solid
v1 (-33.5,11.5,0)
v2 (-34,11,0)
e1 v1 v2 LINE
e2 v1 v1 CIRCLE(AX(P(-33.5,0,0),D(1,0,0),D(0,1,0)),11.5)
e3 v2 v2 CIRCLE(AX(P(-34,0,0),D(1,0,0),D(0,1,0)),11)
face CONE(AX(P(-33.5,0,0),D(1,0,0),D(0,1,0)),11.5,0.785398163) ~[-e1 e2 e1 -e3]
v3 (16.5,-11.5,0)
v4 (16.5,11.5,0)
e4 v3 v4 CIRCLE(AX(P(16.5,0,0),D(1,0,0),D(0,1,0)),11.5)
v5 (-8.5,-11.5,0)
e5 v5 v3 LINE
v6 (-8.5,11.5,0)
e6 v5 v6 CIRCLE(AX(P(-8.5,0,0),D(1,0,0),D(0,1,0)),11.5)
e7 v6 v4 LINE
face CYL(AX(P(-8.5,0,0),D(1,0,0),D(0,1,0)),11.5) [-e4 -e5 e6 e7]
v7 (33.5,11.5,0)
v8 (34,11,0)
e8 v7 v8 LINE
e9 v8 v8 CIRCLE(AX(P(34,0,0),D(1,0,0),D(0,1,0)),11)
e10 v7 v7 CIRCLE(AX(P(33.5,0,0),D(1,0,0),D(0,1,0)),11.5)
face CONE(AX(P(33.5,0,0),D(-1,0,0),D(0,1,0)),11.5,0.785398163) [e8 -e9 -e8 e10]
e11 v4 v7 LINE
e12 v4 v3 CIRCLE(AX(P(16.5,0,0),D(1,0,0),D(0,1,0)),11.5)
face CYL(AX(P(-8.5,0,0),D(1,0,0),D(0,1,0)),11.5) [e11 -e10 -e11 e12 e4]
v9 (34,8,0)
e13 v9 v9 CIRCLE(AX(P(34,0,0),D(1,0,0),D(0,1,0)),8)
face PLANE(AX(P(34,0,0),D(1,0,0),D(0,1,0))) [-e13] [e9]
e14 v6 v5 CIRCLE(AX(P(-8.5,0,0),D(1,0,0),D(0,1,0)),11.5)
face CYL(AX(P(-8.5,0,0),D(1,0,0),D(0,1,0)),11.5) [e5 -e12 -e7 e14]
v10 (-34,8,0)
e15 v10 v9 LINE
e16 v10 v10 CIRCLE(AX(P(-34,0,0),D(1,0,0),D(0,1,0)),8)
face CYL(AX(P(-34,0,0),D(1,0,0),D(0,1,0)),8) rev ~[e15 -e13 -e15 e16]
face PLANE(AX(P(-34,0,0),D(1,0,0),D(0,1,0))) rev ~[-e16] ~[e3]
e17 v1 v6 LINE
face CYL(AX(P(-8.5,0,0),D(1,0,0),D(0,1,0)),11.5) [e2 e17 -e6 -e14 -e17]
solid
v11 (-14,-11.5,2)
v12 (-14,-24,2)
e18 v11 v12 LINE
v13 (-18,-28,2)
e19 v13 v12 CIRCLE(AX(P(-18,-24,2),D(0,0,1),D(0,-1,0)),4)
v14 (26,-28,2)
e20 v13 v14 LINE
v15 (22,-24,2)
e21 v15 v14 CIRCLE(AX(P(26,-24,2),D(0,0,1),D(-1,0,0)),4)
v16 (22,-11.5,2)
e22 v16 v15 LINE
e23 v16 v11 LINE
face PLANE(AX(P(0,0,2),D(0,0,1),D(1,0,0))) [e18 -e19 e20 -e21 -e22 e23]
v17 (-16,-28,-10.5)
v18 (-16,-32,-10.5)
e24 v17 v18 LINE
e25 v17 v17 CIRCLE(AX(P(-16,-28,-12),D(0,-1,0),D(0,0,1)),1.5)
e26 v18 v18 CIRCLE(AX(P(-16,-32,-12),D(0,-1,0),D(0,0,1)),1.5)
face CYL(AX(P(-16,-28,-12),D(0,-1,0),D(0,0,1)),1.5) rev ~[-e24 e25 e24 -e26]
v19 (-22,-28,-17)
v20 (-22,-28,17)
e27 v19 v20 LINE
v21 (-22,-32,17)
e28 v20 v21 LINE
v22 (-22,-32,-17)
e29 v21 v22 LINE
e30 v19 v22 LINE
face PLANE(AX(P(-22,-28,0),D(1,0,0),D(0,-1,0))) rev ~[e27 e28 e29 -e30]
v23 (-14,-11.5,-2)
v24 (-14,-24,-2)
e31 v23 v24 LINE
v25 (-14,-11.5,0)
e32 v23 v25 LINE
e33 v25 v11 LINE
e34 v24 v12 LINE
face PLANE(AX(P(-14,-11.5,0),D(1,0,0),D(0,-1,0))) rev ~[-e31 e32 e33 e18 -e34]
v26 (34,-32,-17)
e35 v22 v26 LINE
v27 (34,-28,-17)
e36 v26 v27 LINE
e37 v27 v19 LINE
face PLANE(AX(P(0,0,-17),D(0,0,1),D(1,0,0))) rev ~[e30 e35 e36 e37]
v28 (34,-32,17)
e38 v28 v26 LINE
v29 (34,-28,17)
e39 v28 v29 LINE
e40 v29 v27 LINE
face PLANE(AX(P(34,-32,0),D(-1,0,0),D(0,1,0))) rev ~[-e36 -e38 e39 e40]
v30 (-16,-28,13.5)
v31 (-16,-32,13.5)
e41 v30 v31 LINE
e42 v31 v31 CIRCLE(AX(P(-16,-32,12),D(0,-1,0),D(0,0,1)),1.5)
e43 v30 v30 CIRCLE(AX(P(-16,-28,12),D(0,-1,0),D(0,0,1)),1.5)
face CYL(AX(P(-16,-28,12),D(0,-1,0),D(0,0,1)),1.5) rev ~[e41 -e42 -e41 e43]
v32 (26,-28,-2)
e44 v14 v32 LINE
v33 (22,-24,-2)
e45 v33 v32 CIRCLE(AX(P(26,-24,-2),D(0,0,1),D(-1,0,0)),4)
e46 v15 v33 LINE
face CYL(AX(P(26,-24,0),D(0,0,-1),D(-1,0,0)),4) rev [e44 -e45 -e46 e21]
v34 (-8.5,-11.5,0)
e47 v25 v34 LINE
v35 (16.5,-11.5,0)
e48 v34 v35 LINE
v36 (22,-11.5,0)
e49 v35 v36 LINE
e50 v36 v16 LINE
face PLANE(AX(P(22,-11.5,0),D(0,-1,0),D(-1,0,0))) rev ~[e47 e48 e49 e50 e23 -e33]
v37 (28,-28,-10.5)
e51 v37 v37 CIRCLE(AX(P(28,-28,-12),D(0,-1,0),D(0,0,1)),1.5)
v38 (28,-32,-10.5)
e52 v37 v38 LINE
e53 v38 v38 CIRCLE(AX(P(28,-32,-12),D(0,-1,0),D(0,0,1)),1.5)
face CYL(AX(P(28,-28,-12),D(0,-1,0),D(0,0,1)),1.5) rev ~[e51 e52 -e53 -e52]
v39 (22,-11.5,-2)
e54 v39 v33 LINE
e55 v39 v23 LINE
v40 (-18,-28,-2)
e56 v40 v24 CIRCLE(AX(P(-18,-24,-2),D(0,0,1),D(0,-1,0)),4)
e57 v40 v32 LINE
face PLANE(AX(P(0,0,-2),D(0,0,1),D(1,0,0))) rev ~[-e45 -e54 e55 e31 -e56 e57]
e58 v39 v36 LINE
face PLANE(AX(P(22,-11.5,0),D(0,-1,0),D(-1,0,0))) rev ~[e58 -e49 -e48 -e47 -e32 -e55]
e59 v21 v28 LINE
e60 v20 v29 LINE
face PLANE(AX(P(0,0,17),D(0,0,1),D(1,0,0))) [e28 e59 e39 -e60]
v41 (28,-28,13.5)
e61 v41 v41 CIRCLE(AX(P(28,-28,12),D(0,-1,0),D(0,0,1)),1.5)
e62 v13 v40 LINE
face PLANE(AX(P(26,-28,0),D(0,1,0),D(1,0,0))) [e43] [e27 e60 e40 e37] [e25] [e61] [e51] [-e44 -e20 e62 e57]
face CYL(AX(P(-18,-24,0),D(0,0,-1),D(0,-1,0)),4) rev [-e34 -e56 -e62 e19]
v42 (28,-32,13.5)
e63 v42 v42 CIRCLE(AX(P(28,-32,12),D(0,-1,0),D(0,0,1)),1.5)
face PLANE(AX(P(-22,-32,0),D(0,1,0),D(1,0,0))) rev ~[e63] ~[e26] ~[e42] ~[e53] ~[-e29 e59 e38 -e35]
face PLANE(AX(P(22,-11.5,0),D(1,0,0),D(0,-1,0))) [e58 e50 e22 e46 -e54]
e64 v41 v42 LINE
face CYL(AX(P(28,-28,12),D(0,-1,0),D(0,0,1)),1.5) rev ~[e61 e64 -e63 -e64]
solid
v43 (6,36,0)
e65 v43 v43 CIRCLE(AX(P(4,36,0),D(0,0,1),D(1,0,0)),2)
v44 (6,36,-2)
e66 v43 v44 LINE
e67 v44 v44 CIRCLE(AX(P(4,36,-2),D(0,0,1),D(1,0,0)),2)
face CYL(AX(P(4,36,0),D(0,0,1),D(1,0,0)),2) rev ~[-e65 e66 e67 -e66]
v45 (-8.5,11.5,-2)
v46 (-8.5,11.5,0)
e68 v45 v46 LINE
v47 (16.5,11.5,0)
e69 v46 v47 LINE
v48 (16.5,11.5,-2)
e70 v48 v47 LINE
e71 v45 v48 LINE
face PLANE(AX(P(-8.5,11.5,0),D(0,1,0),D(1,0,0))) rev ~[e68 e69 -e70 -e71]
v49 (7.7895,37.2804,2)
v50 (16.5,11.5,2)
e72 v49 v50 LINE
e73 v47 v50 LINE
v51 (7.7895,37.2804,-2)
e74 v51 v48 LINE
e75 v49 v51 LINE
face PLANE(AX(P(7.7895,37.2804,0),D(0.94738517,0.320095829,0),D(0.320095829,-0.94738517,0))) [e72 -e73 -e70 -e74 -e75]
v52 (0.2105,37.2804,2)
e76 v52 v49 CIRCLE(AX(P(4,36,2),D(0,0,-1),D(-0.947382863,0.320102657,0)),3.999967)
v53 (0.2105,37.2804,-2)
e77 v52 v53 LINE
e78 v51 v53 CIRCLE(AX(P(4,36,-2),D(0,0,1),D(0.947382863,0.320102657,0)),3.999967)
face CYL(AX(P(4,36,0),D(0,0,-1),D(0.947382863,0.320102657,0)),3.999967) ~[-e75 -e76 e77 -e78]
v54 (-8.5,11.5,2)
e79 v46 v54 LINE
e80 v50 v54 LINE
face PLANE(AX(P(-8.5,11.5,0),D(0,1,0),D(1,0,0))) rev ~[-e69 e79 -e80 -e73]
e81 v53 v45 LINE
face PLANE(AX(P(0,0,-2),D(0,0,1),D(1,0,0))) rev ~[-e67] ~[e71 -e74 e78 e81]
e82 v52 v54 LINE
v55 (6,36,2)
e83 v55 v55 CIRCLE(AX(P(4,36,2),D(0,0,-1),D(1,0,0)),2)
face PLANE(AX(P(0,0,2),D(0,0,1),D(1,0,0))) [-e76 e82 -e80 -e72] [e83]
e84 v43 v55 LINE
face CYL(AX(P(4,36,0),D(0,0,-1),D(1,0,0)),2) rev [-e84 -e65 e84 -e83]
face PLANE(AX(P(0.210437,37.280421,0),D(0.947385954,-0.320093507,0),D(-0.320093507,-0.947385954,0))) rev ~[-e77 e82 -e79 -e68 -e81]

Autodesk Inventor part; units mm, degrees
ref_plane "YZ Plane" through (0, 0, 0) normal (1, 0, 0) x (0, 1, 0)
ref_plane "XZ Plane" through (0, 0, 0) normal (0, 1, 0) x (-1, 0, 0)
ref_plane "XY Plane" through (0, 0, 0) normal (0, 0, 1) x (1, 0, 0)
sketch "Boceto1" plane through (0, 0, 0) normal (0, 0, 1) x (1, 0, 0)
  line L0 (0, 31.2124) -> (0, -31.2124) construction
  line L1 (-43.2332, 0) -> (43.2332, 0)
  line L2 (-34, 11.5) -> (34, 11.5)
  line L3 (34, -11.5) -> (-34, -11.5)
  line L4 (-34, 8) -> (34, 8)
  arc A0 (7.7895, 37.2804) -> (0.2105, 37.2804) centre (4, 36) ccw
  circle A1 centre (4, 36) radius 2
  line L5 (0.4937, 38.1188) -> (-8.5, 11.5)
  line L6 (7.7895, 37.2804) -> (16.5, 11.5)
  line L7 (-14, -11.5) -> (-14, -24)
  line L8 (22, -11.5) -> (22, -24)
  line L9 (-14, -28) -> (22, -28)
  line L10 (-22, -28) -> (34, -28)
  line L11 (-22, -28) -> (-22, -32)
  line L12 (-22, -32) -> (34, -32)
  line L13 (34, -32) -> (34, -28)
  arc A2 (-18, -28) -> (-14, -24) centre (-18, -24) ccw
  arc A3 (22, -24) -> (26, -28) centre (26, -24) ccw
  line L14 (4, 46.9888) -> (4, 11.5)
  line L15 (-34, 11.5) -> (-34, 8)
  line L16 (34, 11.5) -> (34, 8)
  point P0 (0, 0)
  point P1 (0, 0)
  point P2 (0, 11.5)
  point P3 (22, -28)
  dimension "d0" = 23
  dimension "d1" = 68
  dimension "d2" = 23
  dimension "d3" = 16
  dimension "d4" = 30
  dimension "d5" = 8
  dimension "d6" = 4
  dimension "d10" = 24.5
  dimension "d11" = 12
  dimension "d12" = 20
  dimension "d13" = 16.5
  dimension "d14" = 16.5
  dimension "d15" = 56
  dimension "d16" = 0
  dimension "d17" = 4
  dimension "d20" = 4
  dimension "d24" = 56
  dimension "d27" = 9.322
  dimension "d28" = 12.5
  dimension "d29" = 12.5
  dimension "d30" = 30
  dimension "d31" = 9.2332
  dimension "d32" = 0
  dimension "d33" = 0.4825
  dimension "d34" = 33.5063
  dimension "d35" = 68
extrude "Extrusión1" add sketch "Boceto1" along normal blind 2 and the other way blind 2 contours L5 A0 L14 A1 L2 | L14 A1 A0 L6 L2
extrude "Extrusión2" add sketch "Boceto1" along normal blind 2 and the other way blind 2 contours L8 A3 L10 L9 A2 L7 L3
extrude "Extrusión3" add sketch "Boceto1" along normal blind 17 and the other way blind 17 contours L10 L13 L12 L11 L9
sketch "Boceto2" plane through (0, 0, 0) normal (0, 0, 1) x (1, 0, 0)
  line L0 (-8.5, 11.5) -> (16.5, 11.5) projected
  line L1 (16.5, 11.5) -> (-8.5, 11.5) projected
  line L2 (-8.5, 11.5) -> (16.5, 11.5) projected
  line L3 (16.5, 11.5) -> (-8.5, 11.5) projected
  line L4 (34, 11.5) -> (34, 8) projected
  line L5 (-34, 11.5) -> (34, 11.5) projected
  line L6 (-34, 8) -> (34, 8) projected
  line L7 (-34, 11.5) -> (-34, 8) projected
  line L8 (0, 31.2124) -> (0, -31.2124) construction
  line L9 (-43.2332, 0) -> (43.2332, 0) projected
  line L10 (-34, 11.5) -> (34, 11.5)
  line L11 (34, 11.5) -> (34, 8)
  line L12 (34, 8) -> (-34, 8)
  line L13 (-34, 8) -> (-34, 11.5)
  point P0 (0, 0)
  point P1 (0, 0)
  point P2 (0, 0)
  point P3 (0, 11.5)
  point P4 (-8.5, 11.5)
  point P5 (16.5, 11.5)
  point P6 (4, 11.5)
  dimension "d50" = 23
revolve "Revolución2" add sketch "Boceto2" angle 360 about axis through (-43.2332, 0, 0) along (1, 0, 0)
sketch "Boceto4" plane through (-22, -28, 17) normal (0, 1, 0) x (1, 0, 0)
  line L0 (56, 34) -> (56, 0) projected
  line L1 (56, 17) -> (0, 17)
  line L2 (0, 34) -> (0, 0) projected
  point P0 (22, 17)
  point P1 (50, 5)
  point P2 (50, 29)
  point P3 (6, 29)
  point P4 (6, 5)
  dimension "d54" = 6
  dimension "d55" = 12
  dimension "d56" = 6
  dimension "d57" = 12
  dimension "d58" = 6
  dimension "d59" = 12
  dimension "d60" = 6
  dimension "d61" = 12
hole "Agujero1" at (28, -28, 12) at (28, -28, -12) at (-16, -28, -12) at (-16, -28, 12) direction (0, -1, 0) diameter 3 end through all
chamfer "Chaflán1" distance 0.5 angle 45 1 edges at (34, -11.5, 0)
chamfer "Chaflán2" distance 0.5 angle 45 1 edges at (-34, -11.5, 0)
equation "\"d14\" = d13"
equation "\"d56\" = d54"
equation "\"d57\" = d55"
equation "\"d58\" = d56"
equation "\"d59\" = d57"
equation "\"d60\" = d58"
equation "\"d61\" = d59"
properties part number "1 HUDSON-8-28A-TDR HAND PUMP BASE BODY"
